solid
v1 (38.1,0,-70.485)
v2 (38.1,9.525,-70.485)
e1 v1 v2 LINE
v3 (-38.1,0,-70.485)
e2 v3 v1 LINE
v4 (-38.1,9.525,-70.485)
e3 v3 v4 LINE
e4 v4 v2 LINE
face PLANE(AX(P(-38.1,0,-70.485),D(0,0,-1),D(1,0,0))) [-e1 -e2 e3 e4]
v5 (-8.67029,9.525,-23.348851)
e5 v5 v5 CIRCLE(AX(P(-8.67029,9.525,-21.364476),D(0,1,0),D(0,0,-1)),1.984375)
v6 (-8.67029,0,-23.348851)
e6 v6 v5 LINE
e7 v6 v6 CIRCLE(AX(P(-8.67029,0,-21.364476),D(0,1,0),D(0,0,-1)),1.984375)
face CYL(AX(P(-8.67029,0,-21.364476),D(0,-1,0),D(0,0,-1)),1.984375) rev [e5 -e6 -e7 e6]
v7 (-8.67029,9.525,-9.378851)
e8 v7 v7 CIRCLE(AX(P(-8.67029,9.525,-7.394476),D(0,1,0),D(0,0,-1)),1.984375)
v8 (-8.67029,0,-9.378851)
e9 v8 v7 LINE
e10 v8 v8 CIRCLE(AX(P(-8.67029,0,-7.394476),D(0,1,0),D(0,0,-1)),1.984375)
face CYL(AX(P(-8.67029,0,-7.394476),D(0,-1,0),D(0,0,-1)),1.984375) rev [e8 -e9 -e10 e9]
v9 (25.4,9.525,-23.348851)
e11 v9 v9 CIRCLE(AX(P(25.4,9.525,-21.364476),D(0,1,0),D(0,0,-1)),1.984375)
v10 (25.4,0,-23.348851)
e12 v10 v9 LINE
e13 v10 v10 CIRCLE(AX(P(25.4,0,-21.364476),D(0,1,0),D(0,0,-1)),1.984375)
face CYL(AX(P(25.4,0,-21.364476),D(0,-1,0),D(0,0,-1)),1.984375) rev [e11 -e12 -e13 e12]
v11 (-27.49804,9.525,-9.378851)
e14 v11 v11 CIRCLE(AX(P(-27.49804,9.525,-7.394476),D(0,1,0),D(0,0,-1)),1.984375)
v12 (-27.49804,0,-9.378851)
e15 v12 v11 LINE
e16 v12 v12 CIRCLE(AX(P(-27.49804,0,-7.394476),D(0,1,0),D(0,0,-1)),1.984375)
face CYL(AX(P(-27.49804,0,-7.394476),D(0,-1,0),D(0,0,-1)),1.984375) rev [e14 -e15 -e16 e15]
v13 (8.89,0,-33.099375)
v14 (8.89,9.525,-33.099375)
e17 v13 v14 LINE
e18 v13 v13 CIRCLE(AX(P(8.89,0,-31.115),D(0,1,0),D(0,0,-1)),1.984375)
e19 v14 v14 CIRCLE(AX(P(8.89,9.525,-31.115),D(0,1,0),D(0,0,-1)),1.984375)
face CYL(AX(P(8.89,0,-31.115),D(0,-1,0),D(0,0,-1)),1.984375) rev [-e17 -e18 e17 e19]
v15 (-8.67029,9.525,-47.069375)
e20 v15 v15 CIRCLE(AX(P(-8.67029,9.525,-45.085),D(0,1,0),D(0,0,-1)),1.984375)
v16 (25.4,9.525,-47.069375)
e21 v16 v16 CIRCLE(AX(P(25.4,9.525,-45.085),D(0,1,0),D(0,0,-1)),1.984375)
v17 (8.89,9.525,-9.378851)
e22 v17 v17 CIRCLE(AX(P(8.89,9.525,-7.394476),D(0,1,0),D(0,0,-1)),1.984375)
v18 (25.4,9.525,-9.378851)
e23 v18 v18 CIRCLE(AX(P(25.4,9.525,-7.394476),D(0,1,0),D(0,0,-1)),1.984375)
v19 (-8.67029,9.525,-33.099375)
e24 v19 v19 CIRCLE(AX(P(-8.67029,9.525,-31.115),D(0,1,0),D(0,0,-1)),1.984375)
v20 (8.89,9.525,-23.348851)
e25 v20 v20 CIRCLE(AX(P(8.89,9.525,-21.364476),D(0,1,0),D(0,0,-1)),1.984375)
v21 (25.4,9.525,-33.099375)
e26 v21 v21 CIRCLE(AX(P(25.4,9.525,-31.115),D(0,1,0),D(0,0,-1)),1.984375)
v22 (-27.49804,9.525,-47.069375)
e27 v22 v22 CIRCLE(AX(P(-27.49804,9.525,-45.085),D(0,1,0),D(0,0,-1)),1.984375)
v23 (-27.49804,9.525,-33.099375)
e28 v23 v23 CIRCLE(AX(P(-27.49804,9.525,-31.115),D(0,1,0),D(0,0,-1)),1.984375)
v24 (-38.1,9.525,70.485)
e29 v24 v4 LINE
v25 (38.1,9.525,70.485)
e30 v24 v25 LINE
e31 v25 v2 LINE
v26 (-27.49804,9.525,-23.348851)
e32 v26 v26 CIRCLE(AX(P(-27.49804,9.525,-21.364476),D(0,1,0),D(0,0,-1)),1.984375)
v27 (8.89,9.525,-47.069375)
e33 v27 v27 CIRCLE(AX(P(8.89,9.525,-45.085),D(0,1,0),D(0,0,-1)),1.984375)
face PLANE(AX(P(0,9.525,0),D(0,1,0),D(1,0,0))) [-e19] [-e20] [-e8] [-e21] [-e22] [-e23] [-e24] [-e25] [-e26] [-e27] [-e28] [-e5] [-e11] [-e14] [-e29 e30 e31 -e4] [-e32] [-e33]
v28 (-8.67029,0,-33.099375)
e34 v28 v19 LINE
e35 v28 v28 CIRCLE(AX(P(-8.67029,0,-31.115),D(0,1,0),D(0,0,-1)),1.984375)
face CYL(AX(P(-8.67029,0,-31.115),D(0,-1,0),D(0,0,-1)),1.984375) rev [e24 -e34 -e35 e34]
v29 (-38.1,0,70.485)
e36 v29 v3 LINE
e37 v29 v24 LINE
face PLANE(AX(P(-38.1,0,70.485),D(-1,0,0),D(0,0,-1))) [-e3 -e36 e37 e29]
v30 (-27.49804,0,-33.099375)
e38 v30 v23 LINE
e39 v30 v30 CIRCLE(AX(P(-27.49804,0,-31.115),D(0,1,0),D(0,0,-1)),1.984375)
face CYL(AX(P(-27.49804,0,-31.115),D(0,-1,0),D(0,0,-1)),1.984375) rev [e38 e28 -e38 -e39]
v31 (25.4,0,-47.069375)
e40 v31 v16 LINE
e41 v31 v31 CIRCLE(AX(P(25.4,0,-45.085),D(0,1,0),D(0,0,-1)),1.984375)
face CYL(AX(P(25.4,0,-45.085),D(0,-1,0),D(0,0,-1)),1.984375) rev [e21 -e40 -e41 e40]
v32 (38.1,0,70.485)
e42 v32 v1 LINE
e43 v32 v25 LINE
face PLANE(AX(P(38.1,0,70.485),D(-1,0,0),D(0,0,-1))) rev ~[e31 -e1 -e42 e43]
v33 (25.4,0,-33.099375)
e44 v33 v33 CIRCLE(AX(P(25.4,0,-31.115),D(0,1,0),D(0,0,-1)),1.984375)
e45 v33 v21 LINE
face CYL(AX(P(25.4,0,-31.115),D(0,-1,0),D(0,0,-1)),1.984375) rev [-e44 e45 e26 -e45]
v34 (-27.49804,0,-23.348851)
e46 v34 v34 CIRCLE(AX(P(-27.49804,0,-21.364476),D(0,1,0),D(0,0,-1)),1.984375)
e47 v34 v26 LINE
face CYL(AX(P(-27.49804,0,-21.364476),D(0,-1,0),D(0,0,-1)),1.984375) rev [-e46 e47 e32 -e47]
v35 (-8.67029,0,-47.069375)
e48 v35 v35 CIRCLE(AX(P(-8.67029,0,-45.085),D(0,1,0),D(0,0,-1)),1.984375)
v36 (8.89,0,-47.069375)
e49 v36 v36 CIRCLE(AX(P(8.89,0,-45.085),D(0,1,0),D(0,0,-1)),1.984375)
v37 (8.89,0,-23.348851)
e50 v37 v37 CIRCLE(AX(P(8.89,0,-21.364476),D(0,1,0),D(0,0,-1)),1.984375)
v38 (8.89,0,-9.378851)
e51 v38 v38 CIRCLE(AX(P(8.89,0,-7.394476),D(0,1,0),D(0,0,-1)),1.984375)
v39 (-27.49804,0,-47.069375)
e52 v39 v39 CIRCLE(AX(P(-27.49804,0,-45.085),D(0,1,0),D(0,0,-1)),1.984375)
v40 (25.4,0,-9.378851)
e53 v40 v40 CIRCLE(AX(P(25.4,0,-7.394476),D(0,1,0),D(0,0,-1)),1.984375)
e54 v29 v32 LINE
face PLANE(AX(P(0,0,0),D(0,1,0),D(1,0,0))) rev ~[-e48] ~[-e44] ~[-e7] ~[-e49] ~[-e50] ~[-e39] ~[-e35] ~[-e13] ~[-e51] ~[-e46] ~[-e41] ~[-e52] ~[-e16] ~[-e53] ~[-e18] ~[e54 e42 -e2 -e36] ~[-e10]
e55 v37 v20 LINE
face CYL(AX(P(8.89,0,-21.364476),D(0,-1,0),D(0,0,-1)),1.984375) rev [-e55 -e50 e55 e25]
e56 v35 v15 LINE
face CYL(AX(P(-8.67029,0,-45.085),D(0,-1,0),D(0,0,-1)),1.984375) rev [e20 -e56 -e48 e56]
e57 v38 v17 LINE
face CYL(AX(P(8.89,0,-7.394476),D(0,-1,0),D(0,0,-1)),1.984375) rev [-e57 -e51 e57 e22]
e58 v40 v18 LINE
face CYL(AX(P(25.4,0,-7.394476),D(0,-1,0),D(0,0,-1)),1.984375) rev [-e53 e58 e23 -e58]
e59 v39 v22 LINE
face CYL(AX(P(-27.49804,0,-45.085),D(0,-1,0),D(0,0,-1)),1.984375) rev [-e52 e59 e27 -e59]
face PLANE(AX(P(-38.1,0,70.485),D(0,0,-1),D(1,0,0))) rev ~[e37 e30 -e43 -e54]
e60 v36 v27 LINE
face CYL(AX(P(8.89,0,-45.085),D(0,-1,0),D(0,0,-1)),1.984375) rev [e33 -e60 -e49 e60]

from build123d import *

# Parameters (mm, degrees)
SKETCH1_W           = 76.2
SKETCH1_H           = 140.97
SKETCH1_R           = 1.984375
BOSS_EXTRUDE1_DEPTH = 9.525


with BuildPart() as part:
    # Sketch1 → Boss-Extrude1 (new body)
    with BuildSketch(Plane(origin=(0, 0, 0), x_dir=(1, 0, 0), z_dir=(0, 1, 0))):
        Rectangle(SKETCH1_W, SKETCH1_H)
        with Locations(Location((-27.49804, 45.085, 0), (0, 0, 90))):
            Circle(SKETCH1_R, mode=Mode.SUBTRACT)
        with Locations(Location((-27.49804, 21.36447634, 0), (0, 0, 90))):
            Circle(SKETCH1_R, mode=Mode.SUBTRACT)
        with Locations(Location((-27.49804, 31.115, 0), (0, 0, 90))):
            Circle(SKETCH1_R, mode=Mode.SUBTRACT)
        with Locations(Location((-8.67029, 45.085, 0), (0, 0, 90))):
            Circle(SKETCH1_R, mode=Mode.SUBTRACT)
        with Locations(Location((8.89, 45.085, 0), (0, 0, 90))):
            Circle(SKETCH1_R, mode=Mode.SUBTRACT)
        with Locations(Location((25.4, 45.085, 0), (0, 0, 90))):
            Circle(SKETCH1_R, mode=Mode.SUBTRACT)
        with Locations(Location((25.4, 7.39447634, 0), (0, 0, 90))):
            Circle(SKETCH1_R, mode=Mode.SUBTRACT)
        with Locations(Location((25.4, 31.115, 0), (0, 0, 90))):
            Circle(SKETCH1_R, mode=Mode.SUBTRACT)
        with Locations(Location((8.89, 31.115, 0), (0, 0, 90))):
            Circle(SKETCH1_R, mode=Mode.SUBTRACT)
        with Locations(Location((-8.67029, 21.36447634, 0), (0, 0, 90))):
            Circle(SKETCH1_R, mode=Mode.SUBTRACT)
        with Locations(Location((8.89, 21.36447634, 0), (0, 0, 90))):
            Circle(SKETCH1_R, mode=Mode.SUBTRACT)
        with Locations(Location((25.4, 21.36447634, 0), (0, 0, 90))):
            Circle(SKETCH1_R, mode=Mode.SUBTRACT)
        with Locations(Location((8.89, 7.39447634, 0), (0, 0, 90))):
            Circle(SKETCH1_R, mode=Mode.SUBTRACT)
        with Locations(Location((-8.67029, 7.39447634, 0), (0, 0, 90))):
            Circle(SKETCH1_R, mode=Mode.SUBTRACT)
        with Locations(Location((-27.49804, 7.39447634, 0), (0, 0, 90))):
            Circle(SKETCH1_R, mode=Mode.SUBTRACT)
        with Locations(Location((-8.67029, 31.115, 0), (0, 0, 90))):
            Circle(SKETCH1_R, mode=Mode.SUBTRACT)
    extrude(amount=BOSS_EXTRUDE1_DEPTH)


solid = part.part
